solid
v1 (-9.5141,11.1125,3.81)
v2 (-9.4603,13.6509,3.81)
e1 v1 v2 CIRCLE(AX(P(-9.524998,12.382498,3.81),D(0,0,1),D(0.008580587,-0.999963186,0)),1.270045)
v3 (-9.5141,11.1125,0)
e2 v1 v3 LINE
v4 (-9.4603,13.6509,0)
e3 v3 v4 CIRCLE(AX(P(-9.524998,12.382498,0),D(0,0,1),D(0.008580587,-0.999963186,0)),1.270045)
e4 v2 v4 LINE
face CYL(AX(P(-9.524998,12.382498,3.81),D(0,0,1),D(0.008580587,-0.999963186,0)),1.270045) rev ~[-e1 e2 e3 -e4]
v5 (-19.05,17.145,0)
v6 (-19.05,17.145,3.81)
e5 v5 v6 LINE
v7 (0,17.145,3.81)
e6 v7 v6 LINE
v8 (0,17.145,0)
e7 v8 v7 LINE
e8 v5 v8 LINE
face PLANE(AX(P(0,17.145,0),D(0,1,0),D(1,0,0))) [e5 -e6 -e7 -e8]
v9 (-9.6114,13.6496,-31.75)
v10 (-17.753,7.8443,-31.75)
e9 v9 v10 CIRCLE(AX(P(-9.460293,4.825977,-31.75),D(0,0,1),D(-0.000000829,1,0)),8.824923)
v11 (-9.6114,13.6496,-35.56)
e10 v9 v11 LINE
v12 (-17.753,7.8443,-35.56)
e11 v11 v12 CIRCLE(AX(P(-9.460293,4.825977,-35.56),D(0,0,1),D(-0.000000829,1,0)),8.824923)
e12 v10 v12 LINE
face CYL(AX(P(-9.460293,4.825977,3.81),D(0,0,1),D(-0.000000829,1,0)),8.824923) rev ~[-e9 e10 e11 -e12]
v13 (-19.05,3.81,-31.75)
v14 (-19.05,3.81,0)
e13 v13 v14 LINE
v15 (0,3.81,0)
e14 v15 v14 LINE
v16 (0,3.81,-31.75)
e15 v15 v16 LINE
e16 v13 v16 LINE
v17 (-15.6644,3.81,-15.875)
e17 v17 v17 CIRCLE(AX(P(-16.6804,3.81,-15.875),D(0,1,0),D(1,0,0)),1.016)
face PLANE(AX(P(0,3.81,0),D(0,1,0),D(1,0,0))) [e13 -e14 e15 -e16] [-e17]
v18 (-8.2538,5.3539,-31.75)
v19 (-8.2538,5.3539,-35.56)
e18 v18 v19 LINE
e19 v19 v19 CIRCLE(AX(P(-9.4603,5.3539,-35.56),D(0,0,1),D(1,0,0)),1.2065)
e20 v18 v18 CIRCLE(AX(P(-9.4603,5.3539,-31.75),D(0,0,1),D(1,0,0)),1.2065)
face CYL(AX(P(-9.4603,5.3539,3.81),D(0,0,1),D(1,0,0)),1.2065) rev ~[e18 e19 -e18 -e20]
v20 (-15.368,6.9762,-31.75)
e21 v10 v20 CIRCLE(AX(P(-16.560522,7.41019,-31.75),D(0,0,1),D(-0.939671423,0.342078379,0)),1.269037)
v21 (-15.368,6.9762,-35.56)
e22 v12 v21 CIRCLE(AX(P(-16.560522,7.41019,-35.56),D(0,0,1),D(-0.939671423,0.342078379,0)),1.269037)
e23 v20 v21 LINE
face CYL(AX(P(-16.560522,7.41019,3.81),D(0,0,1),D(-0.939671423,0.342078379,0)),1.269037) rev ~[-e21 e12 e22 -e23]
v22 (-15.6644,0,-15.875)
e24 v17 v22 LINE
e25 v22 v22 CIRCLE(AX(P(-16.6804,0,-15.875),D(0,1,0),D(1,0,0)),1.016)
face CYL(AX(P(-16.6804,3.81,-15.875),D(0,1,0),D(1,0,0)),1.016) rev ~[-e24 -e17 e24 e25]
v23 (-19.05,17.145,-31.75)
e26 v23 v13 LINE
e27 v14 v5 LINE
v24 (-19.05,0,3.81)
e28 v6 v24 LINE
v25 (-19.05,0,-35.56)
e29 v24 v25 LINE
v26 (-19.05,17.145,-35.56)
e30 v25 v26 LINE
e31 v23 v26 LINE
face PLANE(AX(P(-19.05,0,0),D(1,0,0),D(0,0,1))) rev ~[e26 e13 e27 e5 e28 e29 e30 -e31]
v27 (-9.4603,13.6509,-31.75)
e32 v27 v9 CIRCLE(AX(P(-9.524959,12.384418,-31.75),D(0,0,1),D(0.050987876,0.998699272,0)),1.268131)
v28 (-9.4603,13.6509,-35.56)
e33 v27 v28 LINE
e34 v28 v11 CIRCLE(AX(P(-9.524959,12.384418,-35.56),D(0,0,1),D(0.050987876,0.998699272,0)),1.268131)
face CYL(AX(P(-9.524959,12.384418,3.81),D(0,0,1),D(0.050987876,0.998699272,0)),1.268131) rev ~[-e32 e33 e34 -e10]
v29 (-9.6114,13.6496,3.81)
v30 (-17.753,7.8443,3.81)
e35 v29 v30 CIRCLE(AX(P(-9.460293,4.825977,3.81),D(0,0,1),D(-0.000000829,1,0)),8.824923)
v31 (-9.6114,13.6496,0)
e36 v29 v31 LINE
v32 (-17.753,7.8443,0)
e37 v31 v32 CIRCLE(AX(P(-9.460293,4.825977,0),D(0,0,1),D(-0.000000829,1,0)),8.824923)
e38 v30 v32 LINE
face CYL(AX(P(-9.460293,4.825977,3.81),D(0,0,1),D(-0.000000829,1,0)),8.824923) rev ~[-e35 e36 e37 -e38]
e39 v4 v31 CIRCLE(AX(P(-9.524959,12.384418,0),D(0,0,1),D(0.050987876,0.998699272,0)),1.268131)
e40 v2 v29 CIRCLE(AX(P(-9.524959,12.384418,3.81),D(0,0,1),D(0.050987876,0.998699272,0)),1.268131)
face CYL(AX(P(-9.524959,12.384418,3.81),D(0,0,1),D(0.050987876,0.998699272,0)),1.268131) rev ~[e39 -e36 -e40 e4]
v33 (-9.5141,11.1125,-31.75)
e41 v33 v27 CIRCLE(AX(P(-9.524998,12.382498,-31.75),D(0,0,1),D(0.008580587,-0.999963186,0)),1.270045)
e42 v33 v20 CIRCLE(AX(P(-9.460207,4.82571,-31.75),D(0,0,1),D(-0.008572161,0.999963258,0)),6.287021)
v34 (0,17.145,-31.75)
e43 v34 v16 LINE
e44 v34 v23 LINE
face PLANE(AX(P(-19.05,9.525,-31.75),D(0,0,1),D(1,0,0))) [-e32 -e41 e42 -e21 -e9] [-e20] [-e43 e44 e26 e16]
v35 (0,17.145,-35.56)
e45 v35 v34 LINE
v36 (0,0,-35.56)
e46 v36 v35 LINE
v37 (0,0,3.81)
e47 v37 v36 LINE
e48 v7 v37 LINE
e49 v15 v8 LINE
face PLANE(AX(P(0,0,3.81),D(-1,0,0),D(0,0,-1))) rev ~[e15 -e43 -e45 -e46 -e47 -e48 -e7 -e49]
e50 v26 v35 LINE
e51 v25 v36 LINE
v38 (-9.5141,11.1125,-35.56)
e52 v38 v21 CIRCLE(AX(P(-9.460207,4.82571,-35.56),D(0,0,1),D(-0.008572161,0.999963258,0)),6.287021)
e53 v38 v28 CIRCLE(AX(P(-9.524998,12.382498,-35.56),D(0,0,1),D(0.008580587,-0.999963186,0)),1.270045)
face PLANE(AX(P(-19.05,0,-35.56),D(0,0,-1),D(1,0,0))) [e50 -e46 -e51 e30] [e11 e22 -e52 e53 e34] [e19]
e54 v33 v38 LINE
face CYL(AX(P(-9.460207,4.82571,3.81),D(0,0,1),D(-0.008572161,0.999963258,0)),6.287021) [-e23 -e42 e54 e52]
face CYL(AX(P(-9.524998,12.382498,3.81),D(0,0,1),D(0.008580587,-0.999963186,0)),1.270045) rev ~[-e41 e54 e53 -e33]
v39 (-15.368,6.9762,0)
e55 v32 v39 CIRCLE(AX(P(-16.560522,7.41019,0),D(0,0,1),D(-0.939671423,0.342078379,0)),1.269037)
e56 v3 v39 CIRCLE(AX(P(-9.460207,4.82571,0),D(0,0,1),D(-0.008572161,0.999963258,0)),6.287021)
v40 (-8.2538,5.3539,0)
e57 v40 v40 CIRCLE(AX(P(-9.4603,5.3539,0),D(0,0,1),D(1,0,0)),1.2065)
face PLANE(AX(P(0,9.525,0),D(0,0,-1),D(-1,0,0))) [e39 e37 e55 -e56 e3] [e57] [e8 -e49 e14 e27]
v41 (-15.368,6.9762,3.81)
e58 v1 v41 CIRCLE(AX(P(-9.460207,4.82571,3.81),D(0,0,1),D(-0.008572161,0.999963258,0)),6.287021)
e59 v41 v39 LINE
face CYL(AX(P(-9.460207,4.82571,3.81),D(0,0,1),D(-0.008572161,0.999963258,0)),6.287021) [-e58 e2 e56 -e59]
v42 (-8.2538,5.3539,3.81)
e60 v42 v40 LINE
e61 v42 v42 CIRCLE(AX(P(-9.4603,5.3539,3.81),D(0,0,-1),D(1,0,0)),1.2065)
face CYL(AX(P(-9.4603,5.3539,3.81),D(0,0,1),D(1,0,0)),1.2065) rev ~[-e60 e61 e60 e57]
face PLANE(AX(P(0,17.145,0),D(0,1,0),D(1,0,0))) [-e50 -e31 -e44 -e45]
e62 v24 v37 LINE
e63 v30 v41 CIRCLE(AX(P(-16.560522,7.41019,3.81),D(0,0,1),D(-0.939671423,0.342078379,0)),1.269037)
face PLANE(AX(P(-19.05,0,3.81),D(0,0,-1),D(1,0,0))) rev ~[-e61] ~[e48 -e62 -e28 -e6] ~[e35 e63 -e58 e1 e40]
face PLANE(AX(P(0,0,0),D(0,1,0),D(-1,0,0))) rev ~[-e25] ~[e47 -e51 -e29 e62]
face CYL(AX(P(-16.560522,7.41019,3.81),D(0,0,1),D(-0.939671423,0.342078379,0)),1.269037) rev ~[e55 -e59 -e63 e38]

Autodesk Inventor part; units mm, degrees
ref_plane "YZ Plane" through (0, 0, 0) normal (1, 0, 0) x (0, 1, 0)
ref_plane "XZ Plane" through (0, 0, 0) normal (0, 1, 0) x (-1, 0, 0)
ref_plane "XY Plane" through (0, 0, 0) normal (0, 0, 1) x (1, 0, 0)
sketch "Sketch1" plane through (0, 0, 0) normal (0, 1, 0) x (-1, 0, 0)
  line L0 (0, 0) -> (19.05, 0)
  line L1 (19.05, 0) -> (19.05, -31.75)
  line L2 (19.05, -31.75) -> (0, -31.75)
  line L3 (0, -31.75) -> (0, 0)
  line L4 (19.05, 0) -> (19.05, 3.81)
  line L5 (19.05, 3.81) -> (0, 3.81)
  line L6 (0, 3.81) -> (0, 0)
  line L7 (19.05, -31.75) -> (19.05, -35.56)
  line L8 (19.05, -35.56) -> (0, -35.56)
  line L9 (0, -35.56) -> (0, -31.75)
  dimension "d0" = 19.05
  dimension "d1" = 31.75
  dimension "d4" = 3.81
  dimension "d5" = 3.81
extrude "Extrusion2" add sketch "Sketch1" along normal blind 9.525
sketch "Sketch3" plane through (0, 9.525, 0) normal (0, 1, 0) x (1, 0, 0)
  line L0 (0, 0) -> (-19.05, 0)
  line L1 (-19.05, 31.75) -> (0, 31.75)
  line L2 (0, 0) -> (0, 31.75)
  line L3 (-19.05, 31.75) -> (-19.05, 0)
  point P0 (-19.05, 35.56)
extrude "Extrusion3" cut sketch "Sketch3" against normal blind 5.715
sketch "Sketch4" plane through (0, 9.525, 0) normal (0, 1, 0) x (1, 0, 0)
  line L0 (-18.8776, 0) -> (0, 0)
  line L1 (0, 0) -> (0, -3.81)
  line L2 (0, -3.81) -> (-18.8776, -3.81)
  line L3 (-19.05, 35.56) -> (0, 35.56)
  line L4 (0, 35.56) -> (0, 31.75)
  line L5 (0, 31.75) -> (-19.05, 31.75)
  line L6 (-19.05, 31.75) -> (-19.05, 35.56)
  line L7 (-18.8776, 0) -> (-19.05, 0)
  line L8 (0, 0) -> (-19.05, 0) projected
  line L9 (-19.05, 0) -> (-19.05, -3.81)
  line L10 (-18.8776, -3.81) -> (-19.05, -3.81)
  line L11 (-19.05, -3.81) -> (0, -3.81) projected
extrude "Extrusion4" add sketch "Sketch4" along normal blind 7.62
sketch "Sketch5" plane through (0, 3.81, 0) normal (0, 1, 0) x (1, 0, 0)
  line L0 (-19.0656, 0) -> (0, 0)
  line L1 (0, 0) -> (0, 31.75)
  line L2 (0, 31.75) -> (-19.0656, 31.75)
  line L3 (-19.0656, 31.75) -> (-19.0656, 0)
  line L4 (0, 0) -> (-19.05, 0) projected
  line L5 (-19.05, 31.75) -> (0, 31.75) projected
  line L6 (-9.525, 0) -> (22.3112, 0) construction
  line L7 (-9.525, 31.75) -> (-9.525, 0)
  line L8 (-9.525, 0) -> (-9.525, 15.875)
  line L9 (-9.525, 15.875) -> (-9.525, 31.75)
  circle A0 centre (-16.6804, 15.875) radius 1.016
  point P0 (-18.8776, 0)
  dimension "d43" = 2.032
extrude "Extrusion5" cut sketch "Sketch5" against normal blind 3.81 contours A0
sketch "Sketch7" plane through (0, 0, -35.56) normal (0, 0, -1) x (-1, 0, 0)
  line L0 (19.05, 3.81) -> (0, 3.81)
  line L1 (0, 3.81) -> (0, 17.145)
  line L2 (0, 17.145) -> (19.05, 17.145)
  line L3 (19.05, 17.145) -> (19.05, 3.81)
  line L4 (19.05, 17.145) -> (0, 17.145) projected
  line L5 (19.05, 3.81) -> (0, 3.81) projected
  line L6 (0, 17.145) -> (0, 3.81) projected
  circle A0 centre (9.525, 12.3825) radius 1.016
  point P0 (0, 0)
  dimension "d42" = 2.032
extrude "Extrusion7" cut sketch "Sketch7" against normal blind 39.37 contours A0
sketch "Sketch13" plane through (-19.05, 0, 3.81) normal (0, 0, 1) x (1, 0, 0)
  arc A0 (9.5897, 13.6509) -> (9.4386, 13.6496) centre (9.525, 12.3825) ccw
  arc A1 (9.5359, 11.1125) -> (3.682, 6.9762) centre (9.5897, 4.826) ccw
  arc A2 (9.5897, 13.6509) -> (1.297, 7.8443) centre (9.5897, 4.826) ccw
  line L0 (9.5897, 4.826) -> (18.4145, 4.826) construction
  line L1 (9.5897, 4.826) -> (18.4145, 4.826) construction
  arc A3 (1.297, 7.8443) -> (3.682, 6.9762) centre (2.4895, 7.4102) ccw
  line L2 (9.5897, 4.826) -> (11.1137, 4.826) construction
  line L3 (9.5897, 6.5604) -> (9.5897, 5.3539)
  circle A4 centre (9.5897, 5.3539) radius 1.2065
  arc A5 (9.5359, 11.1125) -> (9.4386, 13.6496) centre (9.525, 12.3825) ccw
  point P0 (19.05, 0)
  point P1 (9.5897, 3.81)
extrude "Extrusion14" cut sketch "Sketch13" against normal blind 76.2
properties part number "landing-gear-ublock" material "ABS Plastic"
